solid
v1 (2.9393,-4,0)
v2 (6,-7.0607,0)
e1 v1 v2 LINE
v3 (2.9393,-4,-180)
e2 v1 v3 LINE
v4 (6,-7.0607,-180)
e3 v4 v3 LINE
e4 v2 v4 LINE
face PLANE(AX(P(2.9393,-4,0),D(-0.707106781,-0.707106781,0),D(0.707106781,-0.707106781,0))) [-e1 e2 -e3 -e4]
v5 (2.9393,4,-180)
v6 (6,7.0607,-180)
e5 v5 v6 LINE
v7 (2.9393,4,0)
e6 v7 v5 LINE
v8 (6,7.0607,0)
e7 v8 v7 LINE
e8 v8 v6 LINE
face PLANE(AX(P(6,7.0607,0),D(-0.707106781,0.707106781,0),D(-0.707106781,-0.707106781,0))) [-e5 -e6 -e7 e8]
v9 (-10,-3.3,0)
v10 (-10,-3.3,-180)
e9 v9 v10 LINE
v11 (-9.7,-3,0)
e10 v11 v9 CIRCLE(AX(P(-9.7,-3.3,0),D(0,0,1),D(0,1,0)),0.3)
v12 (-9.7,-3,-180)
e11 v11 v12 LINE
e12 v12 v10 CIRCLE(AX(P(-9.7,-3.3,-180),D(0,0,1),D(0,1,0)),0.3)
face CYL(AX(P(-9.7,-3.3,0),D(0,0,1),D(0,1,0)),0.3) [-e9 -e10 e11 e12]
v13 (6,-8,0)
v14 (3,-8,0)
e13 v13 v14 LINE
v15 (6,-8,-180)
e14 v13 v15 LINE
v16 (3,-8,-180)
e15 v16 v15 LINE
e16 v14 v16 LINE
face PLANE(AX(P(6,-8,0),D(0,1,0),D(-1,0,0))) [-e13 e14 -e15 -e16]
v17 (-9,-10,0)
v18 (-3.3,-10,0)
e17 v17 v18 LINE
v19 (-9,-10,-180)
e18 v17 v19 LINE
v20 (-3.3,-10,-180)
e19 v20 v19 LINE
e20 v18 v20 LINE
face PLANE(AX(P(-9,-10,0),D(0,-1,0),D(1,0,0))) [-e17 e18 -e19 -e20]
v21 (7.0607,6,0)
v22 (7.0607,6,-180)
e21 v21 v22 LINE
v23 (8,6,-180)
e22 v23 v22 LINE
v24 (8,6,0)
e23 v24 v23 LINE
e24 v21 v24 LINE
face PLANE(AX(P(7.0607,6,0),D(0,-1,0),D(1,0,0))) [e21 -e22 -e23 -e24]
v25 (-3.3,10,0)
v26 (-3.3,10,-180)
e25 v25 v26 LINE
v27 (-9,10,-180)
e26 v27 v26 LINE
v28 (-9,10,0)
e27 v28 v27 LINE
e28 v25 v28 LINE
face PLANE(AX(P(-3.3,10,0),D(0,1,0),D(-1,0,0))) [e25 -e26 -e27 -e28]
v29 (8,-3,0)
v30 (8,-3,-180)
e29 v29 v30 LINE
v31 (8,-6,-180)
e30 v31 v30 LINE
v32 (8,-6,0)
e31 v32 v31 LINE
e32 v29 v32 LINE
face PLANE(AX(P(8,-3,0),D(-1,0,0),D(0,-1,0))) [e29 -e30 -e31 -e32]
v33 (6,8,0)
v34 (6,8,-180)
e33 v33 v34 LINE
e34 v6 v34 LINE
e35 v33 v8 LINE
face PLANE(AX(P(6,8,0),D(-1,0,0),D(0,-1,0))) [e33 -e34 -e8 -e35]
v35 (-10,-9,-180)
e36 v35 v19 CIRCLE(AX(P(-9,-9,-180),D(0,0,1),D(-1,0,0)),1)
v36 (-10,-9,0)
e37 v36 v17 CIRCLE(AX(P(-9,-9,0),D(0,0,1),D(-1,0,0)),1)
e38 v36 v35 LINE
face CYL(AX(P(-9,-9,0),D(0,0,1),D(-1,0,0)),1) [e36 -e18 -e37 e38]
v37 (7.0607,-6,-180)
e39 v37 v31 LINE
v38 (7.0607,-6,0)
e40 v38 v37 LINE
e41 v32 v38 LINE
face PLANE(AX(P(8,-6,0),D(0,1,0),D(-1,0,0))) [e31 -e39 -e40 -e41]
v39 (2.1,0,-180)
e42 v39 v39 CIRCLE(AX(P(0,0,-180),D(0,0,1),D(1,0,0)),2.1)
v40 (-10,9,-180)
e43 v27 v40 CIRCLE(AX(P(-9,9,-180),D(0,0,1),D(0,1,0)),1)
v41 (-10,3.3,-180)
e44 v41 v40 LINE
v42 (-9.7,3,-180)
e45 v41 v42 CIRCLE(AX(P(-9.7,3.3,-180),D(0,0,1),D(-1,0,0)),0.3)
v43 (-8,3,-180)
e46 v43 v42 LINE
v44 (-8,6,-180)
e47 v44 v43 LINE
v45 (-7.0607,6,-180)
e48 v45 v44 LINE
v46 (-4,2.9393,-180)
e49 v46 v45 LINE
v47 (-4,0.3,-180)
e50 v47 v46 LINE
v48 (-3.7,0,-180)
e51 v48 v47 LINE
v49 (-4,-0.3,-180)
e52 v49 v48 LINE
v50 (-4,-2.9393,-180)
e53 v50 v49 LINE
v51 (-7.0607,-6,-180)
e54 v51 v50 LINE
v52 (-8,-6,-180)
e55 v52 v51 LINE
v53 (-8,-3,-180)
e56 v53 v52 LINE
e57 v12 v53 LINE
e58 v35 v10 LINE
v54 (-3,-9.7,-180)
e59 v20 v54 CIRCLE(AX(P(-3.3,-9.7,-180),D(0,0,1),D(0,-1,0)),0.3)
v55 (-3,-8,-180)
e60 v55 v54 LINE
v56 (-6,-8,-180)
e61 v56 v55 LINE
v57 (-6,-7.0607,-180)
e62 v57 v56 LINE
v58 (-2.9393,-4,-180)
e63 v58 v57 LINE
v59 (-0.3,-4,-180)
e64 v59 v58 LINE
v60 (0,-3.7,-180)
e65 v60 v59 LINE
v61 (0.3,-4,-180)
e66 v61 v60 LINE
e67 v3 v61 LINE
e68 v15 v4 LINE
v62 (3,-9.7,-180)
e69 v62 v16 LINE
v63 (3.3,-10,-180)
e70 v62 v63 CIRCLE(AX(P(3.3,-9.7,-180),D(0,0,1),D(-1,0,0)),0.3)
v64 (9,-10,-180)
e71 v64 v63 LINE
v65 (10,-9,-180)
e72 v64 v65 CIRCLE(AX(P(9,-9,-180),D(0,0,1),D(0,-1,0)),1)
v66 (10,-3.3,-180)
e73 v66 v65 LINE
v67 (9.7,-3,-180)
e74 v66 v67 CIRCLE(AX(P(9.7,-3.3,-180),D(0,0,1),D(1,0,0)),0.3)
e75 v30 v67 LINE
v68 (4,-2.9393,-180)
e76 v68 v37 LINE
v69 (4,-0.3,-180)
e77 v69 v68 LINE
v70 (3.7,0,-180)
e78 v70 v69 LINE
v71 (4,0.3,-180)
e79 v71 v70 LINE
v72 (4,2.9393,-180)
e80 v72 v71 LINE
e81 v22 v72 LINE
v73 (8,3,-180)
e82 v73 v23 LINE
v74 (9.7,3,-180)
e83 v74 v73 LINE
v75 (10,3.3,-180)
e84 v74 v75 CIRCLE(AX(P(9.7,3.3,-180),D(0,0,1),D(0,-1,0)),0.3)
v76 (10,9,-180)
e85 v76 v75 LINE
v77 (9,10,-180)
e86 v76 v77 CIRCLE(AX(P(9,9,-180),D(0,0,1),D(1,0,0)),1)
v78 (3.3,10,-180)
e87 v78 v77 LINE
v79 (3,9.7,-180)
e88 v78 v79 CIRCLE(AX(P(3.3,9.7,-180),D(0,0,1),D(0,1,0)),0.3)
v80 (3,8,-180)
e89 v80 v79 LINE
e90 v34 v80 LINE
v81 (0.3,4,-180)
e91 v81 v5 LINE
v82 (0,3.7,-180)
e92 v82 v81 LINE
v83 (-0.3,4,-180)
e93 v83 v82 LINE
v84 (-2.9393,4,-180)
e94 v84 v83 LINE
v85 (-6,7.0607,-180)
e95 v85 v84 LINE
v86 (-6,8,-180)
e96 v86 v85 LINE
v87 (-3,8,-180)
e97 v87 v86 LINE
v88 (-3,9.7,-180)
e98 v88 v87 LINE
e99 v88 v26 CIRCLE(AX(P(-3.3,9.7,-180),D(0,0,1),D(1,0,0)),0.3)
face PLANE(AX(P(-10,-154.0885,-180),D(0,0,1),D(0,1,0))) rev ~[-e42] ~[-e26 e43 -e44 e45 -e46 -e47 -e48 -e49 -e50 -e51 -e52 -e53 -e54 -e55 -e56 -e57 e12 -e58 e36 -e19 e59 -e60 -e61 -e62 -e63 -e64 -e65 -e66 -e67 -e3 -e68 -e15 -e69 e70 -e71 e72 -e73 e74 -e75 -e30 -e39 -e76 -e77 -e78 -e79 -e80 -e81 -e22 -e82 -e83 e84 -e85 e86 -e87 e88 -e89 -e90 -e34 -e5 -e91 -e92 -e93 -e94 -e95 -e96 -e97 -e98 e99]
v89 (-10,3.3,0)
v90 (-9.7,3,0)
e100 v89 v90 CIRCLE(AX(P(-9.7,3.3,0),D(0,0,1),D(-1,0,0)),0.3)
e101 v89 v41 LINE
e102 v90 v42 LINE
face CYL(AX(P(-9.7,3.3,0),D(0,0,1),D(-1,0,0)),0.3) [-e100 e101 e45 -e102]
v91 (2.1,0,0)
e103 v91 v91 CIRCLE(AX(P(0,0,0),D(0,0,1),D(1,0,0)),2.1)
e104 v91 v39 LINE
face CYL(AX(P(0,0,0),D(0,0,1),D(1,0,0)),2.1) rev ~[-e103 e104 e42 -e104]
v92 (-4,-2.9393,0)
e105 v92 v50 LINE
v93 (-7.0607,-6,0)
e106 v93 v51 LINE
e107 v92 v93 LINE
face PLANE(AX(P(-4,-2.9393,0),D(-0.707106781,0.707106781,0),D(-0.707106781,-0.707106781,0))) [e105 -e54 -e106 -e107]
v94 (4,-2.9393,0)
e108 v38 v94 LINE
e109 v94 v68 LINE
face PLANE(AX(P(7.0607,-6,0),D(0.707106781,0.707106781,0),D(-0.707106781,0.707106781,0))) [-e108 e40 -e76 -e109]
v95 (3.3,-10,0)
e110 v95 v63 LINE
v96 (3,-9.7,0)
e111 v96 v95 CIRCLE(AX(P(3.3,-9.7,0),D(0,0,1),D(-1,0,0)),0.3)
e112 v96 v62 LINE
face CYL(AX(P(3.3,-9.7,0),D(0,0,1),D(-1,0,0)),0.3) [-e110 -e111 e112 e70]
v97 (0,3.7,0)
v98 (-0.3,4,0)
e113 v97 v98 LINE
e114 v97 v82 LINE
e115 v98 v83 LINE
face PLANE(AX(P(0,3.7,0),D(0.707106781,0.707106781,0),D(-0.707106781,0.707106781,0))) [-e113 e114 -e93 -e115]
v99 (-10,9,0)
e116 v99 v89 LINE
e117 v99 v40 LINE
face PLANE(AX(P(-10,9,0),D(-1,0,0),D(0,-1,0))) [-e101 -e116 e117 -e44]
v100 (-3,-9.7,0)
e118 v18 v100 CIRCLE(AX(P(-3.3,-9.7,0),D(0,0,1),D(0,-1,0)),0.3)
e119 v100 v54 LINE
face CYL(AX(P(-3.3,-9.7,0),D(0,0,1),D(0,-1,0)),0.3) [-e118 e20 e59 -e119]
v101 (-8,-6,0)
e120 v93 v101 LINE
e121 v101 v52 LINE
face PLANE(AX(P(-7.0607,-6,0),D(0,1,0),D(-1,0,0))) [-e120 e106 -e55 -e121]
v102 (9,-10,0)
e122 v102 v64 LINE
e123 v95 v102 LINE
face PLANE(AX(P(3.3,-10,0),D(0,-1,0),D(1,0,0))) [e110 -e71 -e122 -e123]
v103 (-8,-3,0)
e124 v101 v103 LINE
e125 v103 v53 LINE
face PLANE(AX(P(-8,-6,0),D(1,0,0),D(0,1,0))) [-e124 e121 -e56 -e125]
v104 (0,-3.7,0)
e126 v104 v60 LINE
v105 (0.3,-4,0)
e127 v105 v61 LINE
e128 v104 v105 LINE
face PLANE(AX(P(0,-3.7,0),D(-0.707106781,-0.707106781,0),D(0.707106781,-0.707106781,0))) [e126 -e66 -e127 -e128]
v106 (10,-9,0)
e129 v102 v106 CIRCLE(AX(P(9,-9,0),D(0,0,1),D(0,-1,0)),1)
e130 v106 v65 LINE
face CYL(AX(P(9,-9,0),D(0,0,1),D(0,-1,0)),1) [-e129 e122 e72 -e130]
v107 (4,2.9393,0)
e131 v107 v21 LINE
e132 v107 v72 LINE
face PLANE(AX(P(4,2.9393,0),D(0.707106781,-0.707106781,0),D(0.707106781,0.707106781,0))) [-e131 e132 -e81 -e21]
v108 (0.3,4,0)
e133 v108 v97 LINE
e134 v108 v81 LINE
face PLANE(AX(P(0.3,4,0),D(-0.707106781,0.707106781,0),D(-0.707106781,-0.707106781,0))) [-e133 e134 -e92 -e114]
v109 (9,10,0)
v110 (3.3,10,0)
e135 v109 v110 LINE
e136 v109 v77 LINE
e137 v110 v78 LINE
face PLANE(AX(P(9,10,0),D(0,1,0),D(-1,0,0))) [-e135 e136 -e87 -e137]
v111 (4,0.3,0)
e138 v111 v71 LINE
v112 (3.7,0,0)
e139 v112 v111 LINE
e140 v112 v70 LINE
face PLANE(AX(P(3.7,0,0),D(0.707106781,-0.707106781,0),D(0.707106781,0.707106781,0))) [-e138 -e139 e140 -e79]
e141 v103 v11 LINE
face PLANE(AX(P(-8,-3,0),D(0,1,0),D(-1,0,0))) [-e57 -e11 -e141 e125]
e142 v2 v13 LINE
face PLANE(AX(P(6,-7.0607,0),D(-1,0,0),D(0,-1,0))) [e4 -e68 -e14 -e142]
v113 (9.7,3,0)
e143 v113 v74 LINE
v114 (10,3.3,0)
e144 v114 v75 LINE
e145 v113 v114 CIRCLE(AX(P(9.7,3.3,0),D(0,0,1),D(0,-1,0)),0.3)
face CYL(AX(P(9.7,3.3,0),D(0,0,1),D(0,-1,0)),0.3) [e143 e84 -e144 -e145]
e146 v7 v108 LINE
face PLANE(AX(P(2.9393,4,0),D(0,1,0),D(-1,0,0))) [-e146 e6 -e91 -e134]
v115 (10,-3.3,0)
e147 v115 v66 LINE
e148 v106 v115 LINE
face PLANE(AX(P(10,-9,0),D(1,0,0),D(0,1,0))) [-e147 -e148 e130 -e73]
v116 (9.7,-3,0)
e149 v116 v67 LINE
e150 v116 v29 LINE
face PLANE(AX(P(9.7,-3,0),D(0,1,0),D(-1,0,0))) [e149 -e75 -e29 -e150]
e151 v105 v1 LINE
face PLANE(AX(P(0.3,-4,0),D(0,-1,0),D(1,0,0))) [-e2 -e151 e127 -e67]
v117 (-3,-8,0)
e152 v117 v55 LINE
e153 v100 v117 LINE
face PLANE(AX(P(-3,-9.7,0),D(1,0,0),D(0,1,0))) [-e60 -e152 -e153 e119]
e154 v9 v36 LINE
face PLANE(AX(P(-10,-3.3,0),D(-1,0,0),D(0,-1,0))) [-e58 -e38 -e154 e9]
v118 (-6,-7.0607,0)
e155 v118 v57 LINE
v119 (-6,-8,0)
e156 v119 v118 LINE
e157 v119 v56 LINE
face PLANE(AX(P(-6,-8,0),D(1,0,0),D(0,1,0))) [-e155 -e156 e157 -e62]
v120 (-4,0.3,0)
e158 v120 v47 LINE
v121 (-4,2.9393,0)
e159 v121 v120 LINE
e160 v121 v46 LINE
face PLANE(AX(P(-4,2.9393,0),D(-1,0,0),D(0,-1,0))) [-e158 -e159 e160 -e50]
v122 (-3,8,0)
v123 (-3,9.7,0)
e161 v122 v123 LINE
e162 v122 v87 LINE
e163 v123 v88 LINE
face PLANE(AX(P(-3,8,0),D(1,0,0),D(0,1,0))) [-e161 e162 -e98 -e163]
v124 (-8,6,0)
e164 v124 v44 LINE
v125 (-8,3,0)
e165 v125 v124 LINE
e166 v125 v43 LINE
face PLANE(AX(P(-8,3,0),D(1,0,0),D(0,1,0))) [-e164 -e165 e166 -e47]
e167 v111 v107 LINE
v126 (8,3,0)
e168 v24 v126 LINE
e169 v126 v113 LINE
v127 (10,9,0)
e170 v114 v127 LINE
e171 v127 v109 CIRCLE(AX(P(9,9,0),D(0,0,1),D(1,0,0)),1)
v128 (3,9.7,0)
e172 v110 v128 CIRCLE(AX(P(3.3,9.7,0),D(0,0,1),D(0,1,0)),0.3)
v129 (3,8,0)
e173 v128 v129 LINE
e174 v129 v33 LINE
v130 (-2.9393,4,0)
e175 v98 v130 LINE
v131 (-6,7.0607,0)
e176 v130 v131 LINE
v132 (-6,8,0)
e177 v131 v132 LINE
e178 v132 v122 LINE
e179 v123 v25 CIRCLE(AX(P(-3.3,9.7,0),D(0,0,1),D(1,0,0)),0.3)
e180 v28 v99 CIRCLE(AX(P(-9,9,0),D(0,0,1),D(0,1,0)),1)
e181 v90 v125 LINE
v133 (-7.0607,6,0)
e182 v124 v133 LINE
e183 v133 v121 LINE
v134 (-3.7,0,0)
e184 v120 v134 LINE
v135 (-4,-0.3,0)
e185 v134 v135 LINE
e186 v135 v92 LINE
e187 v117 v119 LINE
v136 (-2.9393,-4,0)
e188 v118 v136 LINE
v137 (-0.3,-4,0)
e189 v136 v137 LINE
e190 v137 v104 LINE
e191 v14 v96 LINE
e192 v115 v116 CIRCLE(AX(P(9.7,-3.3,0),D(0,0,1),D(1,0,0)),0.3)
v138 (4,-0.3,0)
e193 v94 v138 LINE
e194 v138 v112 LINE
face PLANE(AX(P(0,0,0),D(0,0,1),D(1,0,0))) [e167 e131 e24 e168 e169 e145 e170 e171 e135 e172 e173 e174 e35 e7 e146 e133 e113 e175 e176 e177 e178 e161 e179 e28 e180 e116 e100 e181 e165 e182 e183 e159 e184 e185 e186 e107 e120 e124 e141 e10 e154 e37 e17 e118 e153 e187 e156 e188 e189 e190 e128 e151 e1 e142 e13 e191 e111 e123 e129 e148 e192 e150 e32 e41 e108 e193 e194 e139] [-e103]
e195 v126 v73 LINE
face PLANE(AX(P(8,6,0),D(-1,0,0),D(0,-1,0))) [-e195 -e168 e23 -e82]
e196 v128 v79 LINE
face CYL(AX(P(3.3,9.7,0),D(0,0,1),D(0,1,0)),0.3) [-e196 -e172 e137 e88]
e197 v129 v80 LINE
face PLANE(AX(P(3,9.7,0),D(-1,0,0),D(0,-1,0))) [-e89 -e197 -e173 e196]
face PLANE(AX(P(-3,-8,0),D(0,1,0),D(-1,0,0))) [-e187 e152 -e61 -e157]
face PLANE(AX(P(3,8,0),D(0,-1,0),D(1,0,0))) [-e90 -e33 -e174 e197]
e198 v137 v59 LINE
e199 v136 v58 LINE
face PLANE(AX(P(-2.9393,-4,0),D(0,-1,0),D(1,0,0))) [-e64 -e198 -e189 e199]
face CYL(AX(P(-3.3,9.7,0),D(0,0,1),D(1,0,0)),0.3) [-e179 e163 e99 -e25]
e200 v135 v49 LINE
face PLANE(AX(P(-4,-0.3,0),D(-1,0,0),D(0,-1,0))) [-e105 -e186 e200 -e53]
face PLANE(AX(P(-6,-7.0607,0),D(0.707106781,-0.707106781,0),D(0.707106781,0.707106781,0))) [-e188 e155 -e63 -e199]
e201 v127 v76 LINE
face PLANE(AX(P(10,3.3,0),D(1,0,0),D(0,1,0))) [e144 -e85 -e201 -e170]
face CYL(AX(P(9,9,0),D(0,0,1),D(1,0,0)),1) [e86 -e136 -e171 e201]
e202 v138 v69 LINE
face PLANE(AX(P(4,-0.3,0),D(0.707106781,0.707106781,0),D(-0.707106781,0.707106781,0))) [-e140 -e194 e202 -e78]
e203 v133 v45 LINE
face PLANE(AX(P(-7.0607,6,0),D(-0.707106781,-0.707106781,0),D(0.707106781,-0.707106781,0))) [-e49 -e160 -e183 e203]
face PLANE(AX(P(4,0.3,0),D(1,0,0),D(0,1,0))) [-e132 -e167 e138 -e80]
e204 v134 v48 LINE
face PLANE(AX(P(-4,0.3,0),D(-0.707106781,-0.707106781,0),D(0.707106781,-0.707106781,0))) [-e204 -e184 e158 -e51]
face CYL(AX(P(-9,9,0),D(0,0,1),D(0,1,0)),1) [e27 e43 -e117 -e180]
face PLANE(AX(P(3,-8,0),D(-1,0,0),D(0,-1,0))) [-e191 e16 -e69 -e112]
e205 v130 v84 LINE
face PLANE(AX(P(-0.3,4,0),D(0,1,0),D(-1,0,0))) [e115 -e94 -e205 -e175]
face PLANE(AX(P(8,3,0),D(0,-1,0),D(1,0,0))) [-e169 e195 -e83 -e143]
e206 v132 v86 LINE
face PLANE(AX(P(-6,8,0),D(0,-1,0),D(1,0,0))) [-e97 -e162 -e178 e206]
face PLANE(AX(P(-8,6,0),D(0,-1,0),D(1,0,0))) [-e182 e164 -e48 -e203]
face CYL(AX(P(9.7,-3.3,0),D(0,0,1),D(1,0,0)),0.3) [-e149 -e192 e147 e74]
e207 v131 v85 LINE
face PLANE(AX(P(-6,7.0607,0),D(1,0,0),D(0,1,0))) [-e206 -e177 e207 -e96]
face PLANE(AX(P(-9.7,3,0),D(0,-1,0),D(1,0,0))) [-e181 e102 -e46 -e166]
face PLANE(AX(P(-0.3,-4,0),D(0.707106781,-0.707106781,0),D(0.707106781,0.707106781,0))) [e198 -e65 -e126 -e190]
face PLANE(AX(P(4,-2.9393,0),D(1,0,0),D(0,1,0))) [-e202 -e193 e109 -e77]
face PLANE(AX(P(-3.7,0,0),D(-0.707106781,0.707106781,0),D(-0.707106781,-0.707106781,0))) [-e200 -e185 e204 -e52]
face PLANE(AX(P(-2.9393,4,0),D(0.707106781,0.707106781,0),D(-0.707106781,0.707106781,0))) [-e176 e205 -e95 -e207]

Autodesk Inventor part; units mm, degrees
sketch "Sketch_5" plane through (0, 0, 0) normal (0, 0, 1) x (1, 0, 0)
  arc A0 (-10, 3.3) -> (-9.7, 3) centre (-9.7, 3.3) ccw
  line L0 (-9.7, 3) -> (-8, 3)
  line L1 (-8, 3) -> (-8, 6)
  line L2 (-8, 6) -> (-7.0607, 6)
  line L3 (-7.0607, 6) -> (-4, 2.9393)
  line L4 (-4, 2.9393) -> (-4, 0.3)
  line L5 (-4, 0.3) -> (-3.7, 0)
  line L6 (-3.7, 0) -> (-4, -0.3)
  line L7 (-4, -0.3) -> (-4, -2.9393)
  line L8 (-4, -2.9393) -> (-7.0607, -6)
  line L9 (-7.0607, -6) -> (-8, -6)
  line L10 (-8, -6) -> (-8, -3)
  line L11 (-8, -3) -> (-9.7, -3)
  arc A1 (-9.7, -3) -> (-10, -3.3) centre (-9.7, -3.3) ccw
  line L12 (-10, -3.3) -> (-10, -9)
  arc A2 (-10, -9) -> (-9, -10) centre (-9, -9) ccw
  line L13 (-9, -10) -> (-3.3, -10)
  arc A3 (-3.3, -10) -> (-3, -9.7) centre (-3.3, -9.7) ccw
  line L14 (-3, -9.7) -> (-3, -8)
  line L15 (-3, -8) -> (-6, -8)
  line L16 (-6, -8) -> (-6, -7.0607)
  line L17 (-6, -7.0607) -> (-2.9393, -4)
  line L18 (-2.9393, -4) -> (-0.3, -4)
  line L19 (-0.3, -4) -> (0, -3.7)
  line L20 (0, -3.7) -> (0.3, -4)
  line L21 (0.3, -4) -> (2.9393, -4)
  line L22 (2.9393, -4) -> (6, -7.0607)
  line L23 (6, -7.0607) -> (6, -8)
  line L24 (6, -8) -> (3, -8)
  line L25 (3, -8) -> (3, -9.7)
  arc A4 (3, -9.7) -> (3.3, -10) centre (3.3, -9.7) ccw
  line L26 (3.3, -10) -> (9, -10)
  arc A5 (9, -10) -> (10, -9) centre (9, -9) ccw
  line L27 (10, -9) -> (10, -3.3)
  arc A6 (10, -3.3) -> (9.7, -3) centre (9.7, -3.3) ccw
  line L28 (9.7, -3) -> (8, -3)
  line L29 (8, -3) -> (8, -6)
  line L30 (8, -6) -> (7.0607, -6)
  line L31 (7.0607, -6) -> (4, -2.9393)
  line L32 (4, -2.9393) -> (4, -0.3)
  line L33 (4, -0.3) -> (3.7, 0)
  line L34 (3.7, 0) -> (4, 0.3)
  line L35 (4, 0.3) -> (4, 2.9393)
  line L36 (4, 2.9393) -> (7.0607, 6)
  line L37 (7.0607, 6) -> (8, 6)
  line L38 (8, 6) -> (8, 3)
  line L39 (8, 3) -> (9.7, 3)
  arc A7 (9.7, 3) -> (10, 3.3) centre (9.7, 3.3) ccw
  line L40 (10, 3.3) -> (10, 9)
  arc A8 (10, 9) -> (9, 10) centre (9, 9) ccw
  line L41 (9, 10) -> (3.3, 10)
  arc A9 (3.3, 10) -> (3, 9.7) centre (3.3, 9.7) ccw
  line L42 (3, 9.7) -> (3, 8)
  line L43 (3, 8) -> (6, 8)
  line L44 (6, 8) -> (6, 7.0607)
  line L45 (6, 7.0607) -> (2.9393, 4)
  line L46 (2.9393, 4) -> (0.3, 4)
  line L47 (0.3, 4) -> (0, 3.7)
  line L48 (0, 3.7) -> (-0.3, 4)
  line L49 (-0.3, 4) -> (-2.9393, 4)
  line L50 (-2.9393, 4) -> (-6, 7.0607)
  line L51 (-6, 7.0607) -> (-6, 8)
  line L52 (-6, 8) -> (-3, 8)
  line L53 (-3, 8) -> (-3, 9.7)
  arc A10 (-3, 9.7) -> (-3.3, 10) centre (-3.3, 9.7) ccw
  line L54 (-3.3, 10) -> (-9, 10)
  arc A11 (-9, 10) -> (-10, 9) centre (-9, 9) ccw
  line L55 (-10, 9) -> (-10, 3.3)
  circle A12 centre (0, 0) radius 2.1
extrude "Extrusion1" add sketch "Sketch_5" against normal blind 1000
ref_plane "to_frame_XY" through (0, 0, 0) normal (0, 0, 1) x (1, 0, 0)
ref_plane "to_frame_YZ" through (0, 0, 0) normal (1, 0, 0) x (0, 1, 0)
ref_plane "to_frame_ZX" through (0, 0, 0) normal (0, 1, 0) x (0, 0, 1)
sketch "Sketch2" plane through (-10, -3.3, -1000) normal (-1, 0, 0) x (0, 0, 1)
  line L0 (-177.6604, -150.7885) -> (820, -150.7885)
  line L1 (820, -150.7885) -> (820, 147.9074)
  line L2 (820, 147.9074) -> (-177.6604, 147.9074)
  line L3 (-177.6604, 147.9074) -> (-177.6604, -150.7885)
  point P0 (1000, 3.3)
  dimension "d3" = 180
extrude "Extrusion2" cut sketch "Sketch2" against normal through all
equation "\"d0\" = L"
equation "\"L\" = 1000"
properties part number "2020 Extrusion 135mm"
